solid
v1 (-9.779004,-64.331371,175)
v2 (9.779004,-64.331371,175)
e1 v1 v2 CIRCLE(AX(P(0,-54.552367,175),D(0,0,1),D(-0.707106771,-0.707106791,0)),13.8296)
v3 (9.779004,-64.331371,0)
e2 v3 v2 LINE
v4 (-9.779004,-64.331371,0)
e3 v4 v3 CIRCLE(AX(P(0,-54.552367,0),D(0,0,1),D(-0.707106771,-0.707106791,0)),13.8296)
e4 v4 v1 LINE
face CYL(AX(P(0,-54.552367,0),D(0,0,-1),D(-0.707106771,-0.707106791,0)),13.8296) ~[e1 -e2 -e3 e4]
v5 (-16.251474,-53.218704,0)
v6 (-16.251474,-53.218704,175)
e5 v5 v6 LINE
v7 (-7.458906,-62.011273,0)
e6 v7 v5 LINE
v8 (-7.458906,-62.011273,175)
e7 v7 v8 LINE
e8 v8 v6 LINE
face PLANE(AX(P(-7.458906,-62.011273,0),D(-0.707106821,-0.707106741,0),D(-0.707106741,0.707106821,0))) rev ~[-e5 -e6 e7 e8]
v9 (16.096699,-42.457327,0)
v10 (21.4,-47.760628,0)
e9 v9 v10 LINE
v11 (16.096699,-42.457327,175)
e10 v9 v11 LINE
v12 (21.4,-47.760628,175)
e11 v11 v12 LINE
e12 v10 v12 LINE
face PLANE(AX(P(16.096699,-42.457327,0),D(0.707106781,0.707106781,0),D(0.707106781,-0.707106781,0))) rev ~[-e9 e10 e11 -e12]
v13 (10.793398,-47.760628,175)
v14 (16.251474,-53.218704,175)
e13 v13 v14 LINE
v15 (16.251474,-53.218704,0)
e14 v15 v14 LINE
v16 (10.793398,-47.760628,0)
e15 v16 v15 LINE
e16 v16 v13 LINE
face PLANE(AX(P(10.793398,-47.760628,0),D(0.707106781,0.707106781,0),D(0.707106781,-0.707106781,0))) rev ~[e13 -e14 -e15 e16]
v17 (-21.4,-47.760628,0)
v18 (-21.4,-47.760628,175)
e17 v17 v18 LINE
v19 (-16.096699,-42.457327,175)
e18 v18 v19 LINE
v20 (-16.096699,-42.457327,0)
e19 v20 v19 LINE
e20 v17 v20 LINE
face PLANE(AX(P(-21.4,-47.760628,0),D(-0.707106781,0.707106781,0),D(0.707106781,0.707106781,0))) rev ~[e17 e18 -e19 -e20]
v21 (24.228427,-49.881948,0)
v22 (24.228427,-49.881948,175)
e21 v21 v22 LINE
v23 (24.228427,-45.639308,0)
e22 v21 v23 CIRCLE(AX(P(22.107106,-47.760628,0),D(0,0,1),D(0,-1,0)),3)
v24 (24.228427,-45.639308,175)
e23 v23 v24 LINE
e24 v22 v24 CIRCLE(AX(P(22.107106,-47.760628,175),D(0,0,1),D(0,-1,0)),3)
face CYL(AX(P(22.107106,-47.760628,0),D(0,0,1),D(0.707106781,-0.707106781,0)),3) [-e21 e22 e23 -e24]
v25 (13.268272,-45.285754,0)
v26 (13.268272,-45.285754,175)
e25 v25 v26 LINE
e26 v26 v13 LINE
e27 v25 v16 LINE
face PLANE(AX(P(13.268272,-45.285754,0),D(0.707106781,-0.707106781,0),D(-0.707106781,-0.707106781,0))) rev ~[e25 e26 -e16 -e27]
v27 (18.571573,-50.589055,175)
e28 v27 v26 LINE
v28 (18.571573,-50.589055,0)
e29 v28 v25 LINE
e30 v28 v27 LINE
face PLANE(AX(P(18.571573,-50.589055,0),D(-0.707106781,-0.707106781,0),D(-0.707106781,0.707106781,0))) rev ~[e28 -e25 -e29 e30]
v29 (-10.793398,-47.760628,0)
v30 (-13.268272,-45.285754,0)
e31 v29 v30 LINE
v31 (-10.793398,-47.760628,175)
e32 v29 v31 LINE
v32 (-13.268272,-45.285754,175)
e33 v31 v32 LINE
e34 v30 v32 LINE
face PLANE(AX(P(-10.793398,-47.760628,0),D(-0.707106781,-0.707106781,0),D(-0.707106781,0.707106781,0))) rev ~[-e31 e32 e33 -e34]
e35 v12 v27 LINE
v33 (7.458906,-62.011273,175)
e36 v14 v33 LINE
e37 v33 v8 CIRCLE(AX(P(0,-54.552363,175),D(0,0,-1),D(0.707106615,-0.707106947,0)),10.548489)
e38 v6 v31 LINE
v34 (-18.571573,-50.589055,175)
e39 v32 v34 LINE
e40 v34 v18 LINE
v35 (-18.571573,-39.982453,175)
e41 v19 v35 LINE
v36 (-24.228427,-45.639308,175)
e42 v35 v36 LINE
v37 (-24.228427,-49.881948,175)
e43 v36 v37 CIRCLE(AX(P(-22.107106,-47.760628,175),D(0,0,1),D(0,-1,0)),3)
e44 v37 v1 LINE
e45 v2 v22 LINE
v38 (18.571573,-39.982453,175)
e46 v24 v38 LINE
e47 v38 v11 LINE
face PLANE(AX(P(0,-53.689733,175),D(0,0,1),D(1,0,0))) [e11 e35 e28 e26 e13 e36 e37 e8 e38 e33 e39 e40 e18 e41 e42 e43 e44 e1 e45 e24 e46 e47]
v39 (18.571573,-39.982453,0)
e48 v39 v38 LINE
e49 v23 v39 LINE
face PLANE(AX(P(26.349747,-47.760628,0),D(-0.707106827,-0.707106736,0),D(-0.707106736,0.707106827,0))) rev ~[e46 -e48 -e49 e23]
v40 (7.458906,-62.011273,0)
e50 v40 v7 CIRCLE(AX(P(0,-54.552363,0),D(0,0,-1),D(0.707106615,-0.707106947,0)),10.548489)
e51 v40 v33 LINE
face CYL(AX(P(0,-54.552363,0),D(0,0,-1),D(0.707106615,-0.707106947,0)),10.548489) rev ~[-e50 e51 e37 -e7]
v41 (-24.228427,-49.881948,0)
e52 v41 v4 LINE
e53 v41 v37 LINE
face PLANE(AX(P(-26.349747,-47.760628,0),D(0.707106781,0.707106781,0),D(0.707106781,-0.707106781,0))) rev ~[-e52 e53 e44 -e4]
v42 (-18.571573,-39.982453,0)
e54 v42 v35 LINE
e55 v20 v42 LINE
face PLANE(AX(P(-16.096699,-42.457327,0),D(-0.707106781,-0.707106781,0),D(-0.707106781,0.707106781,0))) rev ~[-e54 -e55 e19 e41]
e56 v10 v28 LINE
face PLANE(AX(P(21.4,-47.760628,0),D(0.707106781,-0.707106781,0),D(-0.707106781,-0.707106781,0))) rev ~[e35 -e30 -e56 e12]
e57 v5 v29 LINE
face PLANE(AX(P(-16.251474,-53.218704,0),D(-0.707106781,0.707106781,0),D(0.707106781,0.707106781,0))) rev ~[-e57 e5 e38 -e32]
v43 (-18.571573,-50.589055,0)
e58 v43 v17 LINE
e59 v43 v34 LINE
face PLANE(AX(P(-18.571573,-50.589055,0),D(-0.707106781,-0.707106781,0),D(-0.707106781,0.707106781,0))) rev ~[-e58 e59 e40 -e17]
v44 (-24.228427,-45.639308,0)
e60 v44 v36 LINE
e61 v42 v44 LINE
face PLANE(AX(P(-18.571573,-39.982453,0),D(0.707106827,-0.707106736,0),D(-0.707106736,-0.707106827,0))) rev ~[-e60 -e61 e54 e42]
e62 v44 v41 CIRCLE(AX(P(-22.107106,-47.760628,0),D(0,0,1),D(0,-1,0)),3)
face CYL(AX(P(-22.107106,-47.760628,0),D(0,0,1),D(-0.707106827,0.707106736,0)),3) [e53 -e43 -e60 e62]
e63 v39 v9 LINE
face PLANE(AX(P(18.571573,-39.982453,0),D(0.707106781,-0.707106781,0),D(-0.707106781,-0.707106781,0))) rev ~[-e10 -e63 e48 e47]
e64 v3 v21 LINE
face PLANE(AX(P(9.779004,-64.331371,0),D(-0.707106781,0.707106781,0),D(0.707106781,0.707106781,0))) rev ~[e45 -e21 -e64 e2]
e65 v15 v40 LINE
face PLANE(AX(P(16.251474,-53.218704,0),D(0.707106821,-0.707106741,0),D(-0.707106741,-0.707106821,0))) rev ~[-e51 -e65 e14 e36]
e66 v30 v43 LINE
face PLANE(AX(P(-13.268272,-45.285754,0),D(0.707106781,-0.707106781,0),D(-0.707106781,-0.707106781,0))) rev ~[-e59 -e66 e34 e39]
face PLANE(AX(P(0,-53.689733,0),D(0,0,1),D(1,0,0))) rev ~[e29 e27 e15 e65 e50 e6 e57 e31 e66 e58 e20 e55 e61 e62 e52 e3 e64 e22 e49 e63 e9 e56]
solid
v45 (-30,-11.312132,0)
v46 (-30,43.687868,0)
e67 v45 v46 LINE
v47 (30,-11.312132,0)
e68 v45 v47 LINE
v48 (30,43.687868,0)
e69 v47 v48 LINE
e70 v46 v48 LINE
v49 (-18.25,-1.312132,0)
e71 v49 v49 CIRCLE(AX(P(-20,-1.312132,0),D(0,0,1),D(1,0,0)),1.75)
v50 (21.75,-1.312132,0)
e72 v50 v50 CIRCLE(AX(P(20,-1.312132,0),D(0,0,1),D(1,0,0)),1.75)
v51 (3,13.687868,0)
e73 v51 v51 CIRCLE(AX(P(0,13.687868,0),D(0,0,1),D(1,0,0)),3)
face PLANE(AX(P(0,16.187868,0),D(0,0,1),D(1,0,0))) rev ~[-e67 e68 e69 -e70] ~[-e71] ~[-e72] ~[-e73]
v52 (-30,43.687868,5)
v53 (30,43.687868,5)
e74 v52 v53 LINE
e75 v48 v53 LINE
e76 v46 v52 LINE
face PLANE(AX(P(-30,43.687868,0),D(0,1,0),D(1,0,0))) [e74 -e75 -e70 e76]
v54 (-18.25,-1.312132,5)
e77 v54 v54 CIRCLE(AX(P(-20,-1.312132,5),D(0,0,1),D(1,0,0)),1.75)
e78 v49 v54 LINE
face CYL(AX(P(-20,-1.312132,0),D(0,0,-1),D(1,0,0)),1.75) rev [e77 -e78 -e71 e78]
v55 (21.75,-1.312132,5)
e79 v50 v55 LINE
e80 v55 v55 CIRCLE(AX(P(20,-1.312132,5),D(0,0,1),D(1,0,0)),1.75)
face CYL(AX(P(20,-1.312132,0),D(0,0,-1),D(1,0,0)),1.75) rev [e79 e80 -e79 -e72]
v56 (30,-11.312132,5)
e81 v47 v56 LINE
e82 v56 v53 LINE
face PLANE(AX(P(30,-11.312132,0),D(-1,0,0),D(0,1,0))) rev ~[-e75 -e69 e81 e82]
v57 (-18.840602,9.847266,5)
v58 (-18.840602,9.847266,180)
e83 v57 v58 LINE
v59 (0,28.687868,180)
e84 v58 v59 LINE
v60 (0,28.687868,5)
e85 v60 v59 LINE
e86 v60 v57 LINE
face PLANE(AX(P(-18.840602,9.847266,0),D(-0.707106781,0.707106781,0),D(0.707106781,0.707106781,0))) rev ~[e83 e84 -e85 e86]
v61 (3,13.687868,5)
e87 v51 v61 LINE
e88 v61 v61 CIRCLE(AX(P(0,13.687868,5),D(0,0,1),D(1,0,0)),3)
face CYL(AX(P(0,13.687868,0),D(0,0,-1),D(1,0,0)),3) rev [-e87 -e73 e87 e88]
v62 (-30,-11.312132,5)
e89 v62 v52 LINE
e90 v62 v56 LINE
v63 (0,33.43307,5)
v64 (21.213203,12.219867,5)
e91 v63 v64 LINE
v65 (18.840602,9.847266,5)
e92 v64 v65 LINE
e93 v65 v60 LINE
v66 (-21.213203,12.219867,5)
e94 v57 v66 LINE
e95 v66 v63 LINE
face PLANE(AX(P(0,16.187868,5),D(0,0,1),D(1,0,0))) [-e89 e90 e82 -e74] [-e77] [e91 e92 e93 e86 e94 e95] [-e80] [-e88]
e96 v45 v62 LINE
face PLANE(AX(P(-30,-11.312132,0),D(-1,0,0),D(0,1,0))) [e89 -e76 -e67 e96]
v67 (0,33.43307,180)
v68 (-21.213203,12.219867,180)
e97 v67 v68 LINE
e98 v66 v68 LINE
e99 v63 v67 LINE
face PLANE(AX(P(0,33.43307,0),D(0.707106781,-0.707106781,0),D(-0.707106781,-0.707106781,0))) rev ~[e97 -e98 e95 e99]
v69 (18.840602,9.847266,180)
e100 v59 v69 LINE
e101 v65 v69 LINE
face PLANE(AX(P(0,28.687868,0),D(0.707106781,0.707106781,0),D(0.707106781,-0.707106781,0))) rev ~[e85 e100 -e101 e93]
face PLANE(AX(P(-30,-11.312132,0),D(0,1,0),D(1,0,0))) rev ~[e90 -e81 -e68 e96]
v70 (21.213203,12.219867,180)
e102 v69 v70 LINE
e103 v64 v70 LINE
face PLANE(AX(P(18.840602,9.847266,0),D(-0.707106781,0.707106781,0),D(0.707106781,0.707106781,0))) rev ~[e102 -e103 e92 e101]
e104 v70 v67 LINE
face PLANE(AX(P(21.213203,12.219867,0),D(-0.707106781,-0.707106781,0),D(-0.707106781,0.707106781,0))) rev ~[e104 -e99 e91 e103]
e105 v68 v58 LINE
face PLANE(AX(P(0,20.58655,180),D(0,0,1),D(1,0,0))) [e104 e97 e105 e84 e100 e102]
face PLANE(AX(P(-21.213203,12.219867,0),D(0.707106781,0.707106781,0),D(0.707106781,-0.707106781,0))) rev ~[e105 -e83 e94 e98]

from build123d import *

# Parameters (mm, degrees)
F0_W     = 60
F0_H     = 55
F0_R     = 1.75
F0_R_2   = 3
F1_DEPTH = 5
F2_DEPTH = 180
F3_DEPTH = 175
F4_R     = 3


with BuildPart() as f1:
    # F0 (on Top) → F1 (new body)
    with BuildSketch(Plane.XY):
        with Locations((0, 16.187868)):
            Rectangle(F0_W, F0_H)
        with Locations((-20, -1.312132)):
            Circle(F0_R, mode=Mode.SUBTRACT)
        with Locations((0, 13.687868)):
            Circle(F0_R_2, mode=Mode.SUBTRACT)
        with Locations((20, -1.312132)):
            Circle(F0_R, mode=Mode.SUBTRACT)
        Polygon((-18.840602, 9.847266), (-21.213203, 12.219867), (0, 33.43307), (21.213203, 12.219867), (18.840602, 9.847266), (0, 28.687868), align=None, mode=Mode.SUBTRACT)
    extrude(amount=F1_DEPTH)

    # F0 (on Top) → F2 (join)
    with BuildSketch(Plane.XY):
        Polygon((0, 33.43307), (-21.213203, 12.219867), (-18.840602, 9.847266), (0, 28.687868), (18.840602, 9.847266), (21.213203, 12.219867), align=None)
    extrude(amount=F2_DEPTH)


with BuildPart() as f3:
    # F0 (on Top) → F3 (new body)
    with BuildSketch(Plane.XY):
        with BuildLine():
            Line((-16.096699, -42.457327), (-18.571573, -39.982453))
            Line((-18.571573, -39.982453), (-26.349747, -47.760628))
            Line((-26.349747, -47.760628), (-9.779004, -64.331371))
            ThreePointArc((-9.779004, -64.331371), (0, -68.381967), (9.779004, -64.331371))
            Line((9.779004, -64.331371), (26.349747, -47.760628))
            Line((26.349747, -47.760628), (18.571573, -39.982453))
            Line((18.571573, -39.982453), (16.096699, -42.457327))
            Line((16.096699, -42.457327), (21.4, -47.760628))
            Line((21.4, -47.760628), (18.571573, -50.589055))
            Line((18.571573, -50.589055), (13.268272, -45.285754))
            Line((13.268272, -45.285754), (10.793398, -47.760628))
            Line((10.793398, -47.760628), (16.251474, -53.218704))
            Line((16.251474, -53.218704), (7.458906, -62.011273))
            ThreePointArc((7.458906, -62.011273), (0, -65.100852), (-7.458906, -62.011273))
            Line((-7.458906, -62.011273), (-16.251474, -53.218704))
            Line((-16.251474, -53.218704), (-10.793398, -47.760628))
            Line((-10.793398, -47.760628), (-13.268272, -45.285754))
            Line((-13.268272, -45.285754), (-18.571573, -50.589055))
            Line((-18.571573, -50.589055), (-21.4, -47.760628))
            Line((-21.4, -47.760628), (-16.096699, -42.457327))
        make_face()
    extrude(amount=F3_DEPTH)

    # F4
    f4_edges = [f3.edges().sort_by_distance(p)[0] for p in [
        (26.349747, -47.760628, 87.5),
        (-26.349747, -47.760628, 87.5),
    ]]
    fillet(f4_edges, radius=F4_R)


solid = Compound([f1.part, f3.part])
